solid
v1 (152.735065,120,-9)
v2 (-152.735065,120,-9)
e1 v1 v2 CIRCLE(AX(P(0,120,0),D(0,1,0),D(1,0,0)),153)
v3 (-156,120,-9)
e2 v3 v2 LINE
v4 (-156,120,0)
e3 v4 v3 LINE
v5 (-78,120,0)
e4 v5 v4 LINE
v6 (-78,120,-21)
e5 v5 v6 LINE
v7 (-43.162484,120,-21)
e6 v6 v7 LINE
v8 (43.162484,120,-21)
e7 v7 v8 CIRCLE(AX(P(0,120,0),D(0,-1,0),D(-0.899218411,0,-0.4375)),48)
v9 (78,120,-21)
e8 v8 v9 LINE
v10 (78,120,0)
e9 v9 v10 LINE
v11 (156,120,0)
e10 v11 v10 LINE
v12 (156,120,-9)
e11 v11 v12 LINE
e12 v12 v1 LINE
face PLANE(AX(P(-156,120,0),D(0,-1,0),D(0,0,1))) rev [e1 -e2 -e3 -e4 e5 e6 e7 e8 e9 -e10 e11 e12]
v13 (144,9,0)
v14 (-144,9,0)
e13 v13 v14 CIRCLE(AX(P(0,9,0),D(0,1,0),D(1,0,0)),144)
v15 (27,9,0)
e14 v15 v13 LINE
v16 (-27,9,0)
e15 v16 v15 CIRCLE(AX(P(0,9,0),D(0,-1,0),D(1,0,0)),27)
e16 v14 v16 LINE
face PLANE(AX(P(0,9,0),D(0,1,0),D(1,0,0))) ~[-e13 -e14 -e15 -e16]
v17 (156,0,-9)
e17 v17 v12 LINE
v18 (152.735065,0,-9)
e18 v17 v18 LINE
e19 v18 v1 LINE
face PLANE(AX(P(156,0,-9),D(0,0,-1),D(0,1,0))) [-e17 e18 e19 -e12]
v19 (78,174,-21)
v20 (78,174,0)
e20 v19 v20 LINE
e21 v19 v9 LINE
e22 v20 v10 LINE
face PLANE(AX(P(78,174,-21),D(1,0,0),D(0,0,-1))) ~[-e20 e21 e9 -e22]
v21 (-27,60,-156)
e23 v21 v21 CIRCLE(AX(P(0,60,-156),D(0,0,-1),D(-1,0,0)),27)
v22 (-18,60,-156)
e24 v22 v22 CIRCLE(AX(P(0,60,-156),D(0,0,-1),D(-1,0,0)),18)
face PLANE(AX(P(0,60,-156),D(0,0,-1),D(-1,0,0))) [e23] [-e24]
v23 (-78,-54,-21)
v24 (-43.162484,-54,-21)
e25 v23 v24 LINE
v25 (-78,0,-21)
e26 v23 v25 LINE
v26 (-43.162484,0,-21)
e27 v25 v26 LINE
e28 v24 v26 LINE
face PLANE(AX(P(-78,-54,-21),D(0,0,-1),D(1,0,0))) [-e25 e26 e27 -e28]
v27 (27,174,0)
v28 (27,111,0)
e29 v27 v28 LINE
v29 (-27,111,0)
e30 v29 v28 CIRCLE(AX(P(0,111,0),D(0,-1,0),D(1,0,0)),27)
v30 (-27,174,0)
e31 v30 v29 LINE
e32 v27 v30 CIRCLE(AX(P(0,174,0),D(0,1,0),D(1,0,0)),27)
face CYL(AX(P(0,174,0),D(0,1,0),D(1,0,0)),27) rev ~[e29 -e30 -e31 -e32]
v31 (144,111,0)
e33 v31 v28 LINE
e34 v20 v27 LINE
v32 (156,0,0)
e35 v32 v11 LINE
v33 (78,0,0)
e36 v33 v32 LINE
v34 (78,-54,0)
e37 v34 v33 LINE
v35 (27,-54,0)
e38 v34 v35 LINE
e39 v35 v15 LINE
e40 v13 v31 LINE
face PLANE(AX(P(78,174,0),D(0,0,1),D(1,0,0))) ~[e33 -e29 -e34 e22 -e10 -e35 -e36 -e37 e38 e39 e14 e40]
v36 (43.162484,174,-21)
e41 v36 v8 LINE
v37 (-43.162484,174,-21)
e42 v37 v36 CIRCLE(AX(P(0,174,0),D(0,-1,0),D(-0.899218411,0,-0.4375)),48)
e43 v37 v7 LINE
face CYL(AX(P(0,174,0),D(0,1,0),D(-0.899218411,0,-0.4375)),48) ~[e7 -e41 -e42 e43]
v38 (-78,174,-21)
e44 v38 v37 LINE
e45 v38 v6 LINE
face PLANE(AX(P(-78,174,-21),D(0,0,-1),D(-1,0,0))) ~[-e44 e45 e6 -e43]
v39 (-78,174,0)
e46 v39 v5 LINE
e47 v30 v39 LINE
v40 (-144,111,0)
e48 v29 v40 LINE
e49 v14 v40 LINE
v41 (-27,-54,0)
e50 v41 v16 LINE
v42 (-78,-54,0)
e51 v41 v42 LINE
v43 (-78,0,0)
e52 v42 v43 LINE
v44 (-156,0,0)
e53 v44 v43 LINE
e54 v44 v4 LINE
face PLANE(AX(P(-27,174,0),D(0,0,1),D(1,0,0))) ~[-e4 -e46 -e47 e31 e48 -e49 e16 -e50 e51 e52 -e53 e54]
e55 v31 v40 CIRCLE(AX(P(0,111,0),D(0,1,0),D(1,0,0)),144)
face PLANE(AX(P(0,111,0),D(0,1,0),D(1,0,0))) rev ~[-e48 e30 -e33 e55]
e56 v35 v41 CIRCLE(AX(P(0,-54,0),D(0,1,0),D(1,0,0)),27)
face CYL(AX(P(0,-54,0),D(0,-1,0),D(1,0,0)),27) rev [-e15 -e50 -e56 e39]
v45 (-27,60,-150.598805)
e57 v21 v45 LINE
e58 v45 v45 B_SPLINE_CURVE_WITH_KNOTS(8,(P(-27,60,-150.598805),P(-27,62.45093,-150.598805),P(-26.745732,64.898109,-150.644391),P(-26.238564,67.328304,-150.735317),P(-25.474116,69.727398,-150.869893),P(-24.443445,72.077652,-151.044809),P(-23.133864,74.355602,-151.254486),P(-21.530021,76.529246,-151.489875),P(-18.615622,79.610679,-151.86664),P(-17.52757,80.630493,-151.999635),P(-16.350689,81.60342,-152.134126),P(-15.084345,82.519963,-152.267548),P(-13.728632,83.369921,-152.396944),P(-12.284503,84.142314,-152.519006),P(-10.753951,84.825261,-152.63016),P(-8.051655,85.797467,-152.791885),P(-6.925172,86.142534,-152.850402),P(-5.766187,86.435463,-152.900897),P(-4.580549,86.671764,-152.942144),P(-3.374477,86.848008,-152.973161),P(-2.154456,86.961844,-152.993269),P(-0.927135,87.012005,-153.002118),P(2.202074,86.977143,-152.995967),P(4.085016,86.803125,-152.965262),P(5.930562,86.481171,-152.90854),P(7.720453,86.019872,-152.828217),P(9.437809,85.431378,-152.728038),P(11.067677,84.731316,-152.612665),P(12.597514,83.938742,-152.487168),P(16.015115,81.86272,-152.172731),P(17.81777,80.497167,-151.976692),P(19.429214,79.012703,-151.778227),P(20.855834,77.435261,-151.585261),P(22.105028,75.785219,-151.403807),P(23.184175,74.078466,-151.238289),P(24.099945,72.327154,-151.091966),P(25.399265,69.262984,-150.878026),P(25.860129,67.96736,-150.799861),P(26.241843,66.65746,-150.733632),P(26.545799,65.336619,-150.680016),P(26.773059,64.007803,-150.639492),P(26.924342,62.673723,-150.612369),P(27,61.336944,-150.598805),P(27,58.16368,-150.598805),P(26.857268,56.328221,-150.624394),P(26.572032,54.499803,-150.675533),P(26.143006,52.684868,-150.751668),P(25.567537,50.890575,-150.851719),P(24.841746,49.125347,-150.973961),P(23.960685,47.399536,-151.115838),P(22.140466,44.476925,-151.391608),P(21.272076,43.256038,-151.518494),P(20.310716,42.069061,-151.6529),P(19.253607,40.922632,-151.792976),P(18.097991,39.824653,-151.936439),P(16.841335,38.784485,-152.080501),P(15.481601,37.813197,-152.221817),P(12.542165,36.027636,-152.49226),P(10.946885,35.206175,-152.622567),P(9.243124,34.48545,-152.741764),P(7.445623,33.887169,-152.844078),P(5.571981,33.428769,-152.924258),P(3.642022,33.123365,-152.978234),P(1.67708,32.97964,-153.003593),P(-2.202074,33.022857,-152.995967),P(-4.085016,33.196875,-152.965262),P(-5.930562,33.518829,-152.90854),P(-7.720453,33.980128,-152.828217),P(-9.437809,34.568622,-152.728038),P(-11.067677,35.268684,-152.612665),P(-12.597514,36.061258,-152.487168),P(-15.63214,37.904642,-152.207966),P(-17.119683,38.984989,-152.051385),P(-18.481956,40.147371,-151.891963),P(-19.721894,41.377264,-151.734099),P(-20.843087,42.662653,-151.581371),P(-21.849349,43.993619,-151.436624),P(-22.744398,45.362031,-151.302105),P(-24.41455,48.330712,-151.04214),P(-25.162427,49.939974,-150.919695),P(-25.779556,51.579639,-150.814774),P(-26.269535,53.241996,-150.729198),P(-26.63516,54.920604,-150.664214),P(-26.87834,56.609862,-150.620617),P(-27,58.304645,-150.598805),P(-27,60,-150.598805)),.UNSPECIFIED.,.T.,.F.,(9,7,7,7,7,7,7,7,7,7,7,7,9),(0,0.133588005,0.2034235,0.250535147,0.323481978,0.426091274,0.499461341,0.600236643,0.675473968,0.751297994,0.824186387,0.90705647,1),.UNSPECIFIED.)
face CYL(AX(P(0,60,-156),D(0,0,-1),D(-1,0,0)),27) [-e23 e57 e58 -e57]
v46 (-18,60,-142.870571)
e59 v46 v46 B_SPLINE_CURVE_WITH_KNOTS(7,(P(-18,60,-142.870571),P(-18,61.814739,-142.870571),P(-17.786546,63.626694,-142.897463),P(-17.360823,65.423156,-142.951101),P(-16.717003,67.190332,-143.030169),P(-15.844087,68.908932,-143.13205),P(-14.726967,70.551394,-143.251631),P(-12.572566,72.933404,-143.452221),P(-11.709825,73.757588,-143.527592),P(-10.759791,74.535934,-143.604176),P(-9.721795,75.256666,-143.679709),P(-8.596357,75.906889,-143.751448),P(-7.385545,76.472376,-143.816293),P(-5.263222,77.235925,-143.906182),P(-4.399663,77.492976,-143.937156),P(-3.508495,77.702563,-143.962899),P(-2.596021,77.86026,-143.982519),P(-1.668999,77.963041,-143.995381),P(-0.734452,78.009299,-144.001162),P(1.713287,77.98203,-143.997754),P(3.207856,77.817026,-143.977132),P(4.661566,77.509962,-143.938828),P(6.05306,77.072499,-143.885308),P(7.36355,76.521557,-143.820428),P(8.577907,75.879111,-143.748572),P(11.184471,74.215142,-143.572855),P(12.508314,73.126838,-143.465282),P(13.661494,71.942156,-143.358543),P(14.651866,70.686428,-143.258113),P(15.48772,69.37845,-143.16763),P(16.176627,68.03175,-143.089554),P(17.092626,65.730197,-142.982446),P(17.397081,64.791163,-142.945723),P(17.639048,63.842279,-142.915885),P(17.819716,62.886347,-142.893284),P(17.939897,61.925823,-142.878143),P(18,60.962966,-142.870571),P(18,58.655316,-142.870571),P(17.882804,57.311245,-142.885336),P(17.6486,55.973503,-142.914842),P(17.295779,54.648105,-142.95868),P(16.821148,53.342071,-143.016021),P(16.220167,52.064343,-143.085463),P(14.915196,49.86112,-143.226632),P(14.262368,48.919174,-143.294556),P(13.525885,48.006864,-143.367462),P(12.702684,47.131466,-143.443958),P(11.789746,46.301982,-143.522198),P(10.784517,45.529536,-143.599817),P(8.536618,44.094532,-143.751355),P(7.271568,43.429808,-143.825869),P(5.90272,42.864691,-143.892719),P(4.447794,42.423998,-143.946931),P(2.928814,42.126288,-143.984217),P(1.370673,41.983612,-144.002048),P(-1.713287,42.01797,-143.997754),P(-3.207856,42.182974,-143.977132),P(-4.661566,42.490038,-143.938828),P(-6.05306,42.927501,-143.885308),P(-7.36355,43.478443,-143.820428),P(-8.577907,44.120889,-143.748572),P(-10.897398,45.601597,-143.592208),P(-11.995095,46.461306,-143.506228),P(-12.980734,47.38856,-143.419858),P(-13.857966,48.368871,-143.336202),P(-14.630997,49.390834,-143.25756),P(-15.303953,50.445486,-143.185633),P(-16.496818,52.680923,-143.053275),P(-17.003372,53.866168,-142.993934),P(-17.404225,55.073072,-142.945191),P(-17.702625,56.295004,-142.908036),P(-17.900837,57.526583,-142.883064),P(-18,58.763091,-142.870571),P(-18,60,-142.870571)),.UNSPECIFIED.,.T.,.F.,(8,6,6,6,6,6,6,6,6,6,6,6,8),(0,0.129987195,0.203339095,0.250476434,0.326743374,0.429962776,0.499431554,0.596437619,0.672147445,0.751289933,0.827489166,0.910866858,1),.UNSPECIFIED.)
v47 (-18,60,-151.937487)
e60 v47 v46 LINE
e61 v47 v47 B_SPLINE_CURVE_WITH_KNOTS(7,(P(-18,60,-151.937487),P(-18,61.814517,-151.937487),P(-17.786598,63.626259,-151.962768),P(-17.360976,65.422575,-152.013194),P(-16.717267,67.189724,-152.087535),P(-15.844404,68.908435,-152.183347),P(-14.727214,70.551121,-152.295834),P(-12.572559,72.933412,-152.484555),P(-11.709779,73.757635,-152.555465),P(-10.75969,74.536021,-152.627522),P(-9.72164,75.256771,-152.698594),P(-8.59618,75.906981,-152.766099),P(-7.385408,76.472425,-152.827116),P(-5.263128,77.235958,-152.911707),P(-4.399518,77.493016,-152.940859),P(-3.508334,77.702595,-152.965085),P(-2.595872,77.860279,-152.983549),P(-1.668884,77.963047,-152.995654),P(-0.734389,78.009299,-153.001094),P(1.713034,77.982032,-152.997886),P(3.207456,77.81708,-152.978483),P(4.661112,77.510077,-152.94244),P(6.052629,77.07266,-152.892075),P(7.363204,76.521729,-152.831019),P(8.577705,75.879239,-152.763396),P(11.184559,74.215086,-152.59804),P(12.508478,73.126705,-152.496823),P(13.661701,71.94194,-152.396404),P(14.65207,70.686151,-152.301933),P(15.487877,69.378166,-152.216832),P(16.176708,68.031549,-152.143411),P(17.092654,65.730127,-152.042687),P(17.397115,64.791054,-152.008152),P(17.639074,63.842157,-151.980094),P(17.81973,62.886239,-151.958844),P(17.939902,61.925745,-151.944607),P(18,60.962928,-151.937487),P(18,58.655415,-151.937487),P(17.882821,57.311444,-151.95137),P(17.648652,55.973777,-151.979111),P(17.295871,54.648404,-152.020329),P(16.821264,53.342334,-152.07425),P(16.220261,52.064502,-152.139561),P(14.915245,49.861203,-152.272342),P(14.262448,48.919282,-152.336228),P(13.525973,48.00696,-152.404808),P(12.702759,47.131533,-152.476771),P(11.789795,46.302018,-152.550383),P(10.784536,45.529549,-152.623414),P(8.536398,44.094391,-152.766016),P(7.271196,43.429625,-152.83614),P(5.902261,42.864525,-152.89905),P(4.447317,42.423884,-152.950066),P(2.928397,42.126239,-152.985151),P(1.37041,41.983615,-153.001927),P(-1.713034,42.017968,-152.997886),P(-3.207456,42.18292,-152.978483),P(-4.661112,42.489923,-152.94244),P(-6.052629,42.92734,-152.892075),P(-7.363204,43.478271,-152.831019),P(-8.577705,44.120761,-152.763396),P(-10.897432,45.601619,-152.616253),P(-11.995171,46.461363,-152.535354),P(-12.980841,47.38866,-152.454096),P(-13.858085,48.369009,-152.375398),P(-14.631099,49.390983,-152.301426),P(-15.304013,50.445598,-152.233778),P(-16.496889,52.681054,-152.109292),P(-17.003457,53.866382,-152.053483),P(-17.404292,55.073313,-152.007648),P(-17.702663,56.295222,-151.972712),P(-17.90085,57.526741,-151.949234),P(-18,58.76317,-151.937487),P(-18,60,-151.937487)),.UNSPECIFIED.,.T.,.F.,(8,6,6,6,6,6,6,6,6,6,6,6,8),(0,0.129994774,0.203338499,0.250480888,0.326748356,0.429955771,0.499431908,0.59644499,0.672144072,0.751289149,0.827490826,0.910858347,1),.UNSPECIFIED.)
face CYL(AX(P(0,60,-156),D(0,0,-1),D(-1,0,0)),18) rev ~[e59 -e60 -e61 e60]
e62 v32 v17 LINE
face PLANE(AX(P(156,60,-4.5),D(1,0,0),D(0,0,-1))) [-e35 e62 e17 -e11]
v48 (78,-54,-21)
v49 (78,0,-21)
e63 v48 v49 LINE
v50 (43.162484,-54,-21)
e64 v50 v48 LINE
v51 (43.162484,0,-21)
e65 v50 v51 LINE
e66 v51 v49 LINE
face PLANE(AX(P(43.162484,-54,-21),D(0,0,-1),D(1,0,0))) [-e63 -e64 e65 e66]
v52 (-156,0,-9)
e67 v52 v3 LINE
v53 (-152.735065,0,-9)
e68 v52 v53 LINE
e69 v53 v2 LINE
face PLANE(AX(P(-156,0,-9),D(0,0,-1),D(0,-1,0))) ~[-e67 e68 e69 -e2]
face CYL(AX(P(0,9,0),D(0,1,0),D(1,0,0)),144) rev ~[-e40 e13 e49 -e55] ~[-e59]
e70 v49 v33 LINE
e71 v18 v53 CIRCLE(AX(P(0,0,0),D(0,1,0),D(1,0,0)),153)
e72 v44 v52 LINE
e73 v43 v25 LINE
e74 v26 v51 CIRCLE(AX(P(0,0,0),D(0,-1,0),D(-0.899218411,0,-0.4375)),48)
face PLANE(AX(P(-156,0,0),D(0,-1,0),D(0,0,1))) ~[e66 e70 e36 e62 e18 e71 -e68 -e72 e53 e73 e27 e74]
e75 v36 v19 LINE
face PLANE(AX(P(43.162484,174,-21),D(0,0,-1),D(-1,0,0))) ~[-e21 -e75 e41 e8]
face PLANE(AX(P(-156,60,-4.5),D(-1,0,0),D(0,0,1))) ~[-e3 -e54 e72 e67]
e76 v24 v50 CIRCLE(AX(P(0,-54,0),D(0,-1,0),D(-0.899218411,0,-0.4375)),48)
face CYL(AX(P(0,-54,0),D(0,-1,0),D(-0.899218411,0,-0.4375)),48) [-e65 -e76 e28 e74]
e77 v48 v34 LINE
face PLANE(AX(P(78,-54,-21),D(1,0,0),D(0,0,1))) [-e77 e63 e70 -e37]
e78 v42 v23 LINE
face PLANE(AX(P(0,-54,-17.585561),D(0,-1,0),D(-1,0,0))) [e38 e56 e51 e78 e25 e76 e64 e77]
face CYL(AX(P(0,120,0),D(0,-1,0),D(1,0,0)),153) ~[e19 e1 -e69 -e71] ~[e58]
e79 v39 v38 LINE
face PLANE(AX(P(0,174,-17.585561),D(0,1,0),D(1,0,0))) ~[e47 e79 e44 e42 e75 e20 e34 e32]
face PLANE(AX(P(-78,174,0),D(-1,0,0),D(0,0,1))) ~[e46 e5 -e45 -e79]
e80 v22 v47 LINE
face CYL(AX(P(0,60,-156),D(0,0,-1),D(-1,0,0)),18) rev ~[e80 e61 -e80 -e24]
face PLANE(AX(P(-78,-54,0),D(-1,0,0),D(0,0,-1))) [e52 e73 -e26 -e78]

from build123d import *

# Parameters (mm, degrees)
REVOLVE1_ANGLE          = 180
SKETCH3_W               = 9
SKETCH3_H               = 120
BOSS_EXTRUDE3_DEPTH     = 3.264935
BOSS_EXTRUDE4_REACH     = 158
SKETCH6_R               = 27
SKETCH6_R_2             = 18
SKETCH7_R               = 18
CUT_EXTRUDE1_DEPTH      = 157
BOSS_EXTRUDE5_DEPTH     = 54
CUT_EXTRUDE2_DEPTH      = 175.0000001
CUT_EXTRUDE2_DEPTH_BACK = 1


with BuildPart() as part:
    # Sketch1 → Revolve1 (revolve)
    with BuildSketch(Plane.XY):
        Polygon((144, 9), (144, 111), (0, 111), (0, 120), (153, 120), (153, 0), (0, 0), (0, 9), align=None)
    revolve(axis=Axis((0, 0, 0), (0, 1, 0)), revolution_arc=REVOLVE1_ANGLE)

    # Sketch3 → Boss-Extrude3 (add)
    with BuildSketch(Plane(origin=(156, 0, 0), x_dir=(0, 0, -1), z_dir=(1, 0, 0))):
        with Locations((4.5, 60)):
            Rectangle(SKETCH3_W, SKETCH3_H)
    boss_extrude3 = extrude(amount=-BOSS_EXTRUDE3_DEPTH)

    # Mirror4: Boss-Extrude3 across plane
    add(boss_extrude3.mirror(Plane(origin=(0, 0, 0), x_dir=(0, 0, 1), z_dir=(1, 0, 0))))

    # Sketch6 → Boss-Extrude4 (add, up to next)
    with BuildSketch(Plane(origin=(0, 0, -156), x_dir=(-1, 0, 0), z_dir=(0, 0, -1)), mode=Mode.PRIVATE) as boss_extrude4_sk1:
        with Locations((0, 60)):
            Circle(SKETCH6_R)
        with Locations((0, 60)):
            Circle(SKETCH6_R_2, mode=Mode.SUBTRACT)
    boss_extrude4_tool1 = extrude(boss_extrude4_sk1.sketch, amount=-BOSS_EXTRUDE4_REACH, mode=Mode.PRIVATE) - part.part
    add(boss_extrude4_tool1.solids().sort_by_distance((26.236325, 60, -156))[0])

    # Sketch7 → Cut-Extrude1 (cut, through all)
    with BuildSketch(Plane(origin=(0, 0, -156), x_dir=(-1, 0, 0), z_dir=(0, 0, -1))):
        with Locations((0, 60)):
            Circle(SKETCH7_R)
    extrude(amount=-CUT_EXTRUDE1_DEPTH, mode=Mode.SUBTRACT)

    # Sketch8 → Boss-Extrude5 (add)
    with BuildSketch(Plane(origin=(0, -54, 0), x_dir=(1, 0, 0), z_dir=(0, 1, 0))):
        with BuildLine():
            Line((78, 0), (27, 0))
            ThreePointArc((27, 0), (0, 27), (-27, 0))
            Line((-27, 0), (-78, 0))
            Line((-78, 0), (-78, 21))
            Line((-78, 21), (-43.16248371, 21))
            ThreePointArc((-43.16248371, 21), (0, 48), (43.16248371, 21))
            Line((43.16248371, 21), (78, 21))
            Line((78, 21), (78, 0))
        make_face()
    boss_extrude5 = extrude(amount=BOSS_EXTRUDE5_DEPTH)

    # Sketch9 → Cut-Extrude2 (cut, two sides)
    with BuildSketch(Plane(origin=(0, -54, 0), x_dir=(1, 0, 0), z_dir=(0, 1, 0))) as cut_extrude2_sk:
        with BuildLine():
            Line((27, -490.936586386), (27, 0))
            ThreePointArc((27, 0), (0, 27), (-27, 0))
            Line((-27, 0), (-27, -490.936586386))
            Line((-27, -490.936586386), (-27, -1472.809759159))
            Line((-27, -1472.809759159), (27, -1472.809759159))
            Line((27, -1472.809759159), (27, -490.936586386))
        make_face()
    extrude(amount=CUT_EXTRUDE2_DEPTH, mode=Mode.SUBTRACT)
    extrude(cut_extrude2_sk.sketch, amount=-CUT_EXTRUDE2_DEPTH_BACK, mode=Mode.SUBTRACT)

    # Mirror6: Boss-Extrude5 across plane
    add(boss_extrude5.mirror(Plane.ZX.offset(60)))


solid = part.part
